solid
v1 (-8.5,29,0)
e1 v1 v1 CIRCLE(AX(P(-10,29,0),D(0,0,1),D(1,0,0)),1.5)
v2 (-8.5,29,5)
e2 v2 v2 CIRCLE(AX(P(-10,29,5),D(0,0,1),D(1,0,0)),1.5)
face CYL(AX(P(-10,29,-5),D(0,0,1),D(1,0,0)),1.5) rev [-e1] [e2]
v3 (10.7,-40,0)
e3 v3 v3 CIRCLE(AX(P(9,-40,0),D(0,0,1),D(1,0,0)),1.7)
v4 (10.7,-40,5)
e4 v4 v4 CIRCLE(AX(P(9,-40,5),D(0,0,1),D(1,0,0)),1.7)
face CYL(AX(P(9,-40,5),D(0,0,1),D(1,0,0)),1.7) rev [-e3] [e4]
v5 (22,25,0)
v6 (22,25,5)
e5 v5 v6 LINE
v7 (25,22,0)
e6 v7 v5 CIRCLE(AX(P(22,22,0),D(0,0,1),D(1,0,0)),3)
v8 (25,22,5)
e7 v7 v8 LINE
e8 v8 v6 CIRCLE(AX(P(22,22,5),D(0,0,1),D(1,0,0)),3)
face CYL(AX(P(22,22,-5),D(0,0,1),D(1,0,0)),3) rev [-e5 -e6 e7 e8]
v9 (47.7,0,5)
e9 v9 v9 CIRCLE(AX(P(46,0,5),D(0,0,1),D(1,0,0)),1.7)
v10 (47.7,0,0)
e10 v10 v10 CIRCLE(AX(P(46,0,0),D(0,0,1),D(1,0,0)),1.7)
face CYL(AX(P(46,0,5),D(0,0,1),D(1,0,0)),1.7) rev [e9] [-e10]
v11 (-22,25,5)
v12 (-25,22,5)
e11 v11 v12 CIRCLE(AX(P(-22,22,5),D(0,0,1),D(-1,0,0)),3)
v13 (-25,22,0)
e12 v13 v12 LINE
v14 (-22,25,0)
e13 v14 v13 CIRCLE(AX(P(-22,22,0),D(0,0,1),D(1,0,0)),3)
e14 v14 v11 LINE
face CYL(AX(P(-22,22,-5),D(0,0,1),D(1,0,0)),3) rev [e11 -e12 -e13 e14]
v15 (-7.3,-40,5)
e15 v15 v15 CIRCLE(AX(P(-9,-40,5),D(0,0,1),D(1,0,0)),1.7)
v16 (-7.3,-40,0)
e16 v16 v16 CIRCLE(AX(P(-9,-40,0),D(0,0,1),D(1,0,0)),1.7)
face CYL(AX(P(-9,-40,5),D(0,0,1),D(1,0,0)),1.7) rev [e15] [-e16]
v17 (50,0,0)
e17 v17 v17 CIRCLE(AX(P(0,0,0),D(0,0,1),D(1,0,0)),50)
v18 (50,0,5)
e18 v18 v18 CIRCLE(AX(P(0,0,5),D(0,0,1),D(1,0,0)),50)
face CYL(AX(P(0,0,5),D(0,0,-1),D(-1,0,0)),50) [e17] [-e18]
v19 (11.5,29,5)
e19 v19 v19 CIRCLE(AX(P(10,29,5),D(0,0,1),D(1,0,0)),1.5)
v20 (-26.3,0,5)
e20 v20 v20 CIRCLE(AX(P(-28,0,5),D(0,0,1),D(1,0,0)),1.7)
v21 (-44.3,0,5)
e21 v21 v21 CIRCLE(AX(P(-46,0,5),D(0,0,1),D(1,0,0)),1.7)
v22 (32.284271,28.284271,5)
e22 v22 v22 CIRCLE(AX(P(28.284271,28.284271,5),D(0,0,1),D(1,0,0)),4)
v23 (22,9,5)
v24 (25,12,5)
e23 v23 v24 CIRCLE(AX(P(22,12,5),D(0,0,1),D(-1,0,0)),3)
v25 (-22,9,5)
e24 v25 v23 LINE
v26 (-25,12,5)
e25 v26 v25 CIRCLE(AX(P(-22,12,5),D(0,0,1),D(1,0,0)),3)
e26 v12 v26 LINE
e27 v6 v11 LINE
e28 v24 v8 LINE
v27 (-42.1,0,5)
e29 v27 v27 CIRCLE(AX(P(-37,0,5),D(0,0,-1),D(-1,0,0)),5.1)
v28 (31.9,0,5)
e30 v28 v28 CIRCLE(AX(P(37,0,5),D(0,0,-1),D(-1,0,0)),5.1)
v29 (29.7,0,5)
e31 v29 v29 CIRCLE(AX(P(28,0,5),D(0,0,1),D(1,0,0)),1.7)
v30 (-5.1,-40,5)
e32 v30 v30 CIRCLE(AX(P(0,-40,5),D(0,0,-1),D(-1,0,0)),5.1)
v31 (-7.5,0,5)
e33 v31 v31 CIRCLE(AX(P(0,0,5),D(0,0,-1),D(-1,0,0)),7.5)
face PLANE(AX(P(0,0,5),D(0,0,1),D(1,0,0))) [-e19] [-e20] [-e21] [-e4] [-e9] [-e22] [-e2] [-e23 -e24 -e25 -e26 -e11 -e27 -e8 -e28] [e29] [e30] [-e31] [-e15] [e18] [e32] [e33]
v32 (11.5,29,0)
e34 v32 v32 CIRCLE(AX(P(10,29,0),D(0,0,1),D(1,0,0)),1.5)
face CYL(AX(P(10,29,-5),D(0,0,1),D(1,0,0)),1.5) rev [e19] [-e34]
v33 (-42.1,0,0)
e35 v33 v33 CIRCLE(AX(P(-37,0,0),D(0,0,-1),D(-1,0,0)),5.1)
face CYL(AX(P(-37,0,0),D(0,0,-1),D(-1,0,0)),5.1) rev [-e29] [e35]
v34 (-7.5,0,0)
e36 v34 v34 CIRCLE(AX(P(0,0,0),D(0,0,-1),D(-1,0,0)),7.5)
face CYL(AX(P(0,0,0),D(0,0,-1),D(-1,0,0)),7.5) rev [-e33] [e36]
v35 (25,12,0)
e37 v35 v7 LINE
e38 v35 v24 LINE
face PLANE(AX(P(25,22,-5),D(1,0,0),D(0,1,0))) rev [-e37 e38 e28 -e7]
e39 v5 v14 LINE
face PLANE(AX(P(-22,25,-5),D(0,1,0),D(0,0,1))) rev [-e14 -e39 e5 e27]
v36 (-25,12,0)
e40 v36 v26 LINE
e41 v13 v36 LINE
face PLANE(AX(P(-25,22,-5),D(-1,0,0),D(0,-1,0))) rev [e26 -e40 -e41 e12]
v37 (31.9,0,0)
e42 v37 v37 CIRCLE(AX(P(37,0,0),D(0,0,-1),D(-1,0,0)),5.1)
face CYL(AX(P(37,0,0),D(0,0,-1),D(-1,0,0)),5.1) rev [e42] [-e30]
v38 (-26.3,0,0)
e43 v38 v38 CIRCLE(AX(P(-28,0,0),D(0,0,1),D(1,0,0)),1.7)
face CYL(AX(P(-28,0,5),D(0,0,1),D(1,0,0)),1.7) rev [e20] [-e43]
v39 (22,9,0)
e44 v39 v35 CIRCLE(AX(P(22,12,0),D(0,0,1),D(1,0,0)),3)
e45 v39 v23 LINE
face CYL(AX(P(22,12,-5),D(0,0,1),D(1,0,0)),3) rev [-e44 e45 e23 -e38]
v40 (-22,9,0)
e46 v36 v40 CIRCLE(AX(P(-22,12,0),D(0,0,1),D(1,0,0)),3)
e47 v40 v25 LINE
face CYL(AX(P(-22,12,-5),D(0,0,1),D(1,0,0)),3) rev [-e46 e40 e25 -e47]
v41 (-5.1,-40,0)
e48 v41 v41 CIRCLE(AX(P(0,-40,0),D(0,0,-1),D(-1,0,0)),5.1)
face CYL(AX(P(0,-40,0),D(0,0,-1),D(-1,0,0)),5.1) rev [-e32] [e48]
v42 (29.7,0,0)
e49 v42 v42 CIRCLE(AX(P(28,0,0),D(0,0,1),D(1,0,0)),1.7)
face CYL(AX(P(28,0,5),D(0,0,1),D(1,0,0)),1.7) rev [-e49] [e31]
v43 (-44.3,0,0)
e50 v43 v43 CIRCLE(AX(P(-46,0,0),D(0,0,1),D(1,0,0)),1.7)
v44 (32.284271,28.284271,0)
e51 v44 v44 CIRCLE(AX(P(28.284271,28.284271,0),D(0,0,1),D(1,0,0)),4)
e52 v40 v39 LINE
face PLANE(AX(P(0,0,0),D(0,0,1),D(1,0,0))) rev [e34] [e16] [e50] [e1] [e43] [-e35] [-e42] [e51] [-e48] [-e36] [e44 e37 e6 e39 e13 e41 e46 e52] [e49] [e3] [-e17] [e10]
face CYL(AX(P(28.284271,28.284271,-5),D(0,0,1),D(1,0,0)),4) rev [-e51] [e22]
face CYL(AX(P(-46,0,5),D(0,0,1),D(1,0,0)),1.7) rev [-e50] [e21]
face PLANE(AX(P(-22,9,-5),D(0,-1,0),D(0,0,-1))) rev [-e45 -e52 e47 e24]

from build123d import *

# Parameters (mm, degrees)
SKETCH1_R                    = 50
BOSS_EXTRUDE1_DEPTH          = 5
F_15_0_15_DIAMETER_HOLE1_D   = 15
F_10_2_10_2_DIAMETER_HOLE1_D = 10.2
M3_CLEARANCE_HOLE1_D         = 3.4
CUT_EXTRUDE1_DEPTH           = 10
SKETCH10_R                   = 1.5
CUT_EXTRUDE2_DEPTH           = 10
SKETCH11_R                   = 4
CUT_EXTRUDE3_DEPTH           = 10


with BuildPart() as part:
    # Sketch1 → Boss-Extrude1 (new body)
    with BuildSketch(Plane.XY):
        Circle(SKETCH1_R)
    extrude(amount=BOSS_EXTRUDE1_DEPTH)

    # Ø15.0 (15) Diameter Hole1 (through all)
    with Locations(Plane(origin=(0, 0, 0), x_dir=(-1, 0, 0), z_dir=(0, 0, -1))):
        with Locations((0, 0)):
            Hole(F_15_0_15_DIAMETER_HOLE1_D / 2)

    # Ø10.2 (10.2) Diameter Hole1 (through all)
    with Locations(Plane(origin=(0, 0, 0), x_dir=(-1, 0, 0), z_dir=(0, 0, -1))):
        with Locations((37, 0), (-37, 0), (0, -40)):
            Hole(F_10_2_10_2_DIAMETER_HOLE1_D / 2)

    # M3 Clearance Hole1 (through all)
    with Locations(Plane.XY.offset(5)):
        with Locations((46, 0), (28, 0), (9, -40), (-9, -40), (-46, 0), (-28, 0)):
            Hole(M3_CLEARANCE_HOLE1_D / 2)

    # Sketch9 → Cut-Extrude1 (cut)
    with BuildSketch(Plane.XY.offset(5)):
        with BuildLine():
            Line((-22, 25), (22, 25))
            ThreePointArc((22, 25), (24.121320344, 24.121320344), (25, 22))
            Line((25, 22), (25, 12))
            ThreePointArc((25, 12), (24.121320344, 9.878679656), (22, 9))
            Line((22, 9), (-22, 9))
            ThreePointArc((-22, 9), (-24.121320344, 9.878679656), (-25, 12))
            Line((-25, 12), (-25, 22))
            ThreePointArc((-25, 22), (-24.121320344, 24.121320344), (-22, 25))
        make_face()
    extrude(amount=-CUT_EXTRUDE1_DEPTH, mode=Mode.SUBTRACT)

    # Sketch10 → Cut-Extrude2 (cut)
    with BuildSketch(Plane.XY.offset(5)):
        with Locations((-10, 29)):
            Circle(SKETCH10_R)
        with Locations((10, 29)):
            Circle(SKETCH10_R)
    extrude(amount=-CUT_EXTRUDE2_DEPTH, mode=Mode.SUBTRACT)

    # Sketch11 → Cut-Extrude3 (cut)
    with BuildSketch(Plane.XY.offset(5)):
        with Locations((28.284271247, 28.284271247)):
            Circle(SKETCH11_R)
    extrude(amount=-CUT_EXTRUDE3_DEPTH, mode=Mode.SUBTRACT)


solid = part.part
